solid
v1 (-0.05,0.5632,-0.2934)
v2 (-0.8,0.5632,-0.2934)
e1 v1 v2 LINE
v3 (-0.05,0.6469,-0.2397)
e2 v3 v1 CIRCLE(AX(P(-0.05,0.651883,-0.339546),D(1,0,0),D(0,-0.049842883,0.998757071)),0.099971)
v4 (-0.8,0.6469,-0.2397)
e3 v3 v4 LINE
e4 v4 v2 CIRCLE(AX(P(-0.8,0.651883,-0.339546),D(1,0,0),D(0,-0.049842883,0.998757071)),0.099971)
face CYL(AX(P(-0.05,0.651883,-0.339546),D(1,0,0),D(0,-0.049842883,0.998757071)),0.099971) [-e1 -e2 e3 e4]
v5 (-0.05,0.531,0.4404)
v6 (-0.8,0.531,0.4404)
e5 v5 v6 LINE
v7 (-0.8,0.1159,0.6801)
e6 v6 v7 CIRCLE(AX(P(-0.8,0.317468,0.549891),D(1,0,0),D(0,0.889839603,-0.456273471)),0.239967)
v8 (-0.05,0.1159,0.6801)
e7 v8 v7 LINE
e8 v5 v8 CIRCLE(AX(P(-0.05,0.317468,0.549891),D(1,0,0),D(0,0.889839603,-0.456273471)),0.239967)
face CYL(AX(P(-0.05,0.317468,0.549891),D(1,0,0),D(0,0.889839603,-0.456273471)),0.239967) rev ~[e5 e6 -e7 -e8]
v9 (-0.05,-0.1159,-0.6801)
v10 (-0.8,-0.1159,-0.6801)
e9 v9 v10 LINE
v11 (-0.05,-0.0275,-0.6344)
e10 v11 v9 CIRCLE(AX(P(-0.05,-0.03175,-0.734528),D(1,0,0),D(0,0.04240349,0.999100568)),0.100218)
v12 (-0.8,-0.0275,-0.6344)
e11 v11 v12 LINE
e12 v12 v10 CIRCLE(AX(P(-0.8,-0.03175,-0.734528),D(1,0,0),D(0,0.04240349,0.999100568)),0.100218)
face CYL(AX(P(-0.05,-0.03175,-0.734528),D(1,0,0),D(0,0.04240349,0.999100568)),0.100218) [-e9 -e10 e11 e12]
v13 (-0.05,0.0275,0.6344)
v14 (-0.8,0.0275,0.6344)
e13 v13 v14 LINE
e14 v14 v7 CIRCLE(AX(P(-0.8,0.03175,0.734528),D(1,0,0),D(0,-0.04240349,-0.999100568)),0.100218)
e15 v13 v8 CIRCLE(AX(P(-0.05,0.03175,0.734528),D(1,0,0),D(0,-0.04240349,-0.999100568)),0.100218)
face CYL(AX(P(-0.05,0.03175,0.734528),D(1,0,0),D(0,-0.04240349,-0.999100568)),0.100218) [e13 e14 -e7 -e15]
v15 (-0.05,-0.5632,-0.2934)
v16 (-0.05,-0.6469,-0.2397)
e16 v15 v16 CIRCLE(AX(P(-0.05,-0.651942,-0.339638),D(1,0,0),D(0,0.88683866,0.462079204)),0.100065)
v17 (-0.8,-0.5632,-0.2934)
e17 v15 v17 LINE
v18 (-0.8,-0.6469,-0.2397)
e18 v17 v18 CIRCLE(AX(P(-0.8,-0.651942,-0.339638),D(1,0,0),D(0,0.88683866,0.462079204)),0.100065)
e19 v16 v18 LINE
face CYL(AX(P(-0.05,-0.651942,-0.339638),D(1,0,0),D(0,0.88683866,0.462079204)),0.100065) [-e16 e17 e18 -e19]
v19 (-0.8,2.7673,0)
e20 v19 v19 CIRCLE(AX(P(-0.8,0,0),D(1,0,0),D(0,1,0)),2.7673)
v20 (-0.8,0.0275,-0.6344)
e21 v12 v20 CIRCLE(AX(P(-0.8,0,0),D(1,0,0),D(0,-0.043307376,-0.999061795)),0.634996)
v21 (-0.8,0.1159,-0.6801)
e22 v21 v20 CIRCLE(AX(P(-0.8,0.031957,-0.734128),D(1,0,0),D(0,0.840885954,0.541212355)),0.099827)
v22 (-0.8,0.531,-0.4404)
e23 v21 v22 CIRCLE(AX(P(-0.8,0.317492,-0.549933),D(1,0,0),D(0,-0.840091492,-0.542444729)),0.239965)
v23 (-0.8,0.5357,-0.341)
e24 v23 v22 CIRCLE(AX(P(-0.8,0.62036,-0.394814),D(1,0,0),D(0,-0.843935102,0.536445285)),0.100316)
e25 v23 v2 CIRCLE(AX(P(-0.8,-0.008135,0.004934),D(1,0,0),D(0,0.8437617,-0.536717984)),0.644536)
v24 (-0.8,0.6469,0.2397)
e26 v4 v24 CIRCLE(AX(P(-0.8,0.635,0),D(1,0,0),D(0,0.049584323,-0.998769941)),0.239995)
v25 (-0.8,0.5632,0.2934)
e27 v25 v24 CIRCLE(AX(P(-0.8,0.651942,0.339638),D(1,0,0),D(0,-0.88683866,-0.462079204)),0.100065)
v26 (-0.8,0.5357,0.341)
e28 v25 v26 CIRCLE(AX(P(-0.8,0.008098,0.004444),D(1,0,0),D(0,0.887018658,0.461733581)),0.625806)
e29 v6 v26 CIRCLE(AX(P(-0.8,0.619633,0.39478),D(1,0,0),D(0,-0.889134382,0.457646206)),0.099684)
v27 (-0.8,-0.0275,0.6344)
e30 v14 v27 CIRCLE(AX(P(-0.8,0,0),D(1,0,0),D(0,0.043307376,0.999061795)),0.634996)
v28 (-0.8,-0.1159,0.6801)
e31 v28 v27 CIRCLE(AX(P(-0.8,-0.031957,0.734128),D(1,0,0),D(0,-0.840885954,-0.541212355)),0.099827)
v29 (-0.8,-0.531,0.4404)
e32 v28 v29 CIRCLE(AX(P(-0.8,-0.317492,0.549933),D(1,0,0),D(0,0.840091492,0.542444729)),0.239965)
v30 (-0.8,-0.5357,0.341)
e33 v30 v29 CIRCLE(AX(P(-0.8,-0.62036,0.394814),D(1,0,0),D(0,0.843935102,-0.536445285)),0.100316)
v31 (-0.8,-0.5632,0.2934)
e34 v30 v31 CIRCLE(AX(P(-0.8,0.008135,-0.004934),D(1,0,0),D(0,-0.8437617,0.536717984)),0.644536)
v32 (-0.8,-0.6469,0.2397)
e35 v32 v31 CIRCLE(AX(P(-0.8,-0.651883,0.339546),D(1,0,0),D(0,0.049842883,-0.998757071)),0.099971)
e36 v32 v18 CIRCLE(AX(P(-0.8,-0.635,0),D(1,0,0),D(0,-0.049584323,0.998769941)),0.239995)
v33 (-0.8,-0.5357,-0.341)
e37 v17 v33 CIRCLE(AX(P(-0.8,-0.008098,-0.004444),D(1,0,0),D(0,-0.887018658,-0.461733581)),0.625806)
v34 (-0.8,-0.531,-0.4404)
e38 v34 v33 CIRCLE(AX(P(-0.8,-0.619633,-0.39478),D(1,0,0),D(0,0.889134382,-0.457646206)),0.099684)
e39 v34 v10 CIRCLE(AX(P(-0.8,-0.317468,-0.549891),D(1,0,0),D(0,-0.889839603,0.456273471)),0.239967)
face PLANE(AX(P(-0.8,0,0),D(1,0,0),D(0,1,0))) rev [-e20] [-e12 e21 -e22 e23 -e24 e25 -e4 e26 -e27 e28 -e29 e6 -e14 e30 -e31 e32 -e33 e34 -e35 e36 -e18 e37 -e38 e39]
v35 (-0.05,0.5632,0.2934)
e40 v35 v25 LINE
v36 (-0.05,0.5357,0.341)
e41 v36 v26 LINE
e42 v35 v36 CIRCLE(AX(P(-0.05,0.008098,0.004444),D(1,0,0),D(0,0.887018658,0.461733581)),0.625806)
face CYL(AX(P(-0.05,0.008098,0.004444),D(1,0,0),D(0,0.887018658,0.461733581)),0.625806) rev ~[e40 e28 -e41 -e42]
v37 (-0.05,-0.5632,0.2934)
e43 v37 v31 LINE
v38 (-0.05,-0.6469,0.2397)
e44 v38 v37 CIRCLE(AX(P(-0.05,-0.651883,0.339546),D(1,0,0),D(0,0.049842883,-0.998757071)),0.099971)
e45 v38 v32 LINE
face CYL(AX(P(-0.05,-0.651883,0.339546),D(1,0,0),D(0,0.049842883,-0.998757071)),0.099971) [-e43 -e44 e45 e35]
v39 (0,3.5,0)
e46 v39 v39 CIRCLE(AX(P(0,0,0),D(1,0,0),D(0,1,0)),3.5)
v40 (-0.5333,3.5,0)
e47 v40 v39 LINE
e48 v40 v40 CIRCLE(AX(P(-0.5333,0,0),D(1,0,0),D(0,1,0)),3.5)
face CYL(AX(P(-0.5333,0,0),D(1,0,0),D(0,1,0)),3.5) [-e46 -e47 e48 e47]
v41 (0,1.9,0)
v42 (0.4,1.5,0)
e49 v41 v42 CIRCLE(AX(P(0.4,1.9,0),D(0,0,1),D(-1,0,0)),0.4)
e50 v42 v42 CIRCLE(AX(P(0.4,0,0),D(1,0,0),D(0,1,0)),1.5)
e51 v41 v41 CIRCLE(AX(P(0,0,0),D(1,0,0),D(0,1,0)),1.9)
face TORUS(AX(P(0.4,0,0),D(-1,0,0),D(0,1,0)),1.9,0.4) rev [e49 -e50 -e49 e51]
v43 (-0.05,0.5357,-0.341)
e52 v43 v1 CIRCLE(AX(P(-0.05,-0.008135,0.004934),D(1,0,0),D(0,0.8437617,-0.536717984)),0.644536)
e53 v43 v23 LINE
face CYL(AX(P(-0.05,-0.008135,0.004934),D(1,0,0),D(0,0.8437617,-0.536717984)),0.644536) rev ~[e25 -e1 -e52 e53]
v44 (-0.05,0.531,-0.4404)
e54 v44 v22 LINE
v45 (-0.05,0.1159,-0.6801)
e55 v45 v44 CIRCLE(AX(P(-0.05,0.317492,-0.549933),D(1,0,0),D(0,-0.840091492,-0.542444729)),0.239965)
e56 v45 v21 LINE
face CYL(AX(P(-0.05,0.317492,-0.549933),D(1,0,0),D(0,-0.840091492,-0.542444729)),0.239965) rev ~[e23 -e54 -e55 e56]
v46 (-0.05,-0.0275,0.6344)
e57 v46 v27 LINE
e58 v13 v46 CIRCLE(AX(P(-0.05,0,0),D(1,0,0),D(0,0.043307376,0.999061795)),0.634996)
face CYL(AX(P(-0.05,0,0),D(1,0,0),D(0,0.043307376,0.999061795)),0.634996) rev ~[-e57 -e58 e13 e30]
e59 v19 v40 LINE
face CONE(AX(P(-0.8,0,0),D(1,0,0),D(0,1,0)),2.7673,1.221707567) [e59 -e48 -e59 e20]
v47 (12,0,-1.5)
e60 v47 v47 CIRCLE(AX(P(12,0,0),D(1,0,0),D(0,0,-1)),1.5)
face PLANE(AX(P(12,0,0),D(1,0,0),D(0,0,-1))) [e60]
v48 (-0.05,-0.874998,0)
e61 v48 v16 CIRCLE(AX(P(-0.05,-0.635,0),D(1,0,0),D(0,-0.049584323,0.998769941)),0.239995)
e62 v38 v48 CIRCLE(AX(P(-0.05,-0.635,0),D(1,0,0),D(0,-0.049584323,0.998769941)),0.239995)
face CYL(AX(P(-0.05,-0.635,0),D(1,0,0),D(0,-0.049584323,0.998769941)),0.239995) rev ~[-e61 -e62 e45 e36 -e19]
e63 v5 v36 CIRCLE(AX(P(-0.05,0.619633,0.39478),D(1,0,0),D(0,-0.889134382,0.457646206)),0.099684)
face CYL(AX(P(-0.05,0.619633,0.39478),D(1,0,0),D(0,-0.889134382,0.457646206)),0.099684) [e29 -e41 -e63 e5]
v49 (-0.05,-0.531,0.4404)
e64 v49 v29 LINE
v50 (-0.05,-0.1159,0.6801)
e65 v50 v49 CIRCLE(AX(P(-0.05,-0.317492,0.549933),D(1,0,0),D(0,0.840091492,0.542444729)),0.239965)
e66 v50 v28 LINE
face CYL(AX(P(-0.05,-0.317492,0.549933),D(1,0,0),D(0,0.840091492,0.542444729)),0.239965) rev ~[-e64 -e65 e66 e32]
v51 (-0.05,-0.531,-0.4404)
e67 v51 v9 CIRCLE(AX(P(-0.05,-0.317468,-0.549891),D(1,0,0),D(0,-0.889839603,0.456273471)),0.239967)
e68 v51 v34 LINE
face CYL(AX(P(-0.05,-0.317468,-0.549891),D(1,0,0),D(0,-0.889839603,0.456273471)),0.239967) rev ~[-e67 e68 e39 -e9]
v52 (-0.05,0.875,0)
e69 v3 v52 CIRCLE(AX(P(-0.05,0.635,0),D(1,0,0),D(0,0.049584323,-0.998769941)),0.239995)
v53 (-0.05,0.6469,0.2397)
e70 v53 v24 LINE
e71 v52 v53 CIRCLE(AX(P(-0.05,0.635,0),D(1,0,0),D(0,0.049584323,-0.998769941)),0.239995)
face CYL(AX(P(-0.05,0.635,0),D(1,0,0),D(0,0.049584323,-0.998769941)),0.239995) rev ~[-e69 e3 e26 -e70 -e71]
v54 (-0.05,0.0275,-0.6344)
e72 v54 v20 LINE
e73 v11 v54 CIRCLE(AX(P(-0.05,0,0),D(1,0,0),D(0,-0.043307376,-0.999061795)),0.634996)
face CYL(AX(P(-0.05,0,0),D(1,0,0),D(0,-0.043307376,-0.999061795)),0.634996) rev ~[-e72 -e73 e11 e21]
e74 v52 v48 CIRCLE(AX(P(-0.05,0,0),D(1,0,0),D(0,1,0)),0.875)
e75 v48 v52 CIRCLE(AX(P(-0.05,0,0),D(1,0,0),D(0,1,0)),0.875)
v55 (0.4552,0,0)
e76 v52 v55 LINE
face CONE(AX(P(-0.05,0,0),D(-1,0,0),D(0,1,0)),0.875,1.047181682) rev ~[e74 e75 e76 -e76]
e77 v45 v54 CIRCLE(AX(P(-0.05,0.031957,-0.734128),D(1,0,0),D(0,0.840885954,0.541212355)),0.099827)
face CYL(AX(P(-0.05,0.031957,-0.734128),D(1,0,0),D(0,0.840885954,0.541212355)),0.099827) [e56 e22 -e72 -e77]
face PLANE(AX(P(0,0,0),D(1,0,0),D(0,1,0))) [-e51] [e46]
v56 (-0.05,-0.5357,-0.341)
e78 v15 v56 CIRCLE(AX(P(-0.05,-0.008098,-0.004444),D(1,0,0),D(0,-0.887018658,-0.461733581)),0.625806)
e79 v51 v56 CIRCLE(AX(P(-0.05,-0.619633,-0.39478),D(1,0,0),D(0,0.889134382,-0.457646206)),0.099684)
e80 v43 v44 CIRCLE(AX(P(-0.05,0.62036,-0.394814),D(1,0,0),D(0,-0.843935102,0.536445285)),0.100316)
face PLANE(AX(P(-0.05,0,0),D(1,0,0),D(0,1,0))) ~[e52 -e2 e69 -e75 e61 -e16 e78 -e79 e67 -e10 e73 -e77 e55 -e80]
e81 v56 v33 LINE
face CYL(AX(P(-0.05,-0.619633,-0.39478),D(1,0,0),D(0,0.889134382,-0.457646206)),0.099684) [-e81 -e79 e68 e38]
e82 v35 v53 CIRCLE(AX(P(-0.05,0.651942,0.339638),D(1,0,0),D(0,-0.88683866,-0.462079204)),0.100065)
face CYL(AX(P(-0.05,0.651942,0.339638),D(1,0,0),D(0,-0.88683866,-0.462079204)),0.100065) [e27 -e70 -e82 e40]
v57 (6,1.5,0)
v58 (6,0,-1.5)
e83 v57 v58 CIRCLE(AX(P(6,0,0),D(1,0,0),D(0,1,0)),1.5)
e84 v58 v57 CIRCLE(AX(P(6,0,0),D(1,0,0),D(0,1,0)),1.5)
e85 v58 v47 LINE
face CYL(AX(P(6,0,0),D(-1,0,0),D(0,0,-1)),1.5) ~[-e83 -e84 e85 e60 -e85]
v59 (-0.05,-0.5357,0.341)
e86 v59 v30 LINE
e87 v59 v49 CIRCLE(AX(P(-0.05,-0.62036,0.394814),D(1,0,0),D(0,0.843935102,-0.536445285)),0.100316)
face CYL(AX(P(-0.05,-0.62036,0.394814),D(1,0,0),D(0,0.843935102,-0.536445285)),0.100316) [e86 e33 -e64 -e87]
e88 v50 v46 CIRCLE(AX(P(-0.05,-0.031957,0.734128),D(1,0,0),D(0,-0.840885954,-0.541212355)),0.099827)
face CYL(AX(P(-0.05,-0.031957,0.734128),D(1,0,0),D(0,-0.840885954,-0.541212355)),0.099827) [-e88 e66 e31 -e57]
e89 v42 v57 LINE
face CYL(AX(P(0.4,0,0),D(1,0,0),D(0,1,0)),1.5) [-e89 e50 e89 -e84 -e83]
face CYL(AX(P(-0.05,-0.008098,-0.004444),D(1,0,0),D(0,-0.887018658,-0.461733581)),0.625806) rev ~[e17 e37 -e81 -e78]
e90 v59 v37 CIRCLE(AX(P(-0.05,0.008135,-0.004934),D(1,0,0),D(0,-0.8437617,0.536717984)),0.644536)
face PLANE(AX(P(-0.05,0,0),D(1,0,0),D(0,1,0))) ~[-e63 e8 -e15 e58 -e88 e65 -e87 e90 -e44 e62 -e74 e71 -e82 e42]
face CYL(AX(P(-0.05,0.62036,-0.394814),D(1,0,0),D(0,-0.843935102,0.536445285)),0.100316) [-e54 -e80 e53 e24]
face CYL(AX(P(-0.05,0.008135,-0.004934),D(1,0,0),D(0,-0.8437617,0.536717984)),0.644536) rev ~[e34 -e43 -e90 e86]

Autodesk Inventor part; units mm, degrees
ref_plane "YZ Plane" through (0, 0, 0) normal (1, 0, 0) x (0, 1, 0)
ref_plane "XZ Plane" through (0, 0, 0) normal (0, 1, 0) x (-1, 0, 0)
ref_plane "XY Plane" through (0, 0, 0) normal (0, 0, 1) x (1, 0, 0)
sketch "Sketch_1" plane through (0, 0, 0) normal (0, 0, 1) x (1, 0, 0)
  line L0 (6, 0) -> (0, 0)
  line L1 (-0.8, 0) -> (-0.8, 2.7673)
  line L2 (-0.8, 2.7673) -> (-0.5333, 3.5)
  line L3 (-0.5333, 3.5) -> (0, 3.5)
  line L4 (0, 3.5) -> (0, 1.9)
  arc A0 (0, 1.9) -> (0.4, 1.5) centre (0.4, 1.9) ccw
  line L5 (0.4, 1.5) -> (6, 1.5)
  line L6 (6, 1.5) -> (6, 0)
  line L7 (6, 0) -> (-0.8, 0)
  line L8 (0, 0) -> (-0.8, 0)
  dimension "d6" = 6
revolve "Revolution1" add sketch "Sketch_1" angle 360 about axis through (6, 0, 0) along (1, 0, 0)
sketch "Sketch_5" plane through (-0.05, 0, 0) normal (1, 0, 0) x (0, 0, -1)
  arc A0 (-0.6801, -0.1159) -> (-0.4404, -0.531) centre (-0.5499, -0.3175) ccw
  arc A1 (-0.341, -0.5357) -> (-0.4404, -0.531) centre (-0.3947, -0.62) ccw
  arc A2 (-0.341, -0.5357) -> (-0.2934, -0.5632) centre (0, 0) ccw
  arc A3 (-0.2397, -0.6469) -> (-0.2934, -0.5632) centre (-0.3396, -0.6519) ccw
  arc A4 (-0.2397, -0.6469) -> (0.2397, -0.6469) centre (0, -0.635) ccw
  arc A5 (0.2934, -0.5632) -> (0.2397, -0.6469) centre (0.3396, -0.6519) ccw
  arc A6 (0.2934, -0.5632) -> (0.341, -0.5357) centre (0, 0) ccw
  arc A7 (0.4404, -0.531) -> (0.341, -0.5357) centre (0.3947, -0.62) ccw
  arc A8 (0.4404, -0.531) -> (0.6801, -0.1159) centre (0.5499, -0.3175) ccw
  arc A9 (0.6344, -0.0275) -> (0.6801, -0.1159) centre (0.7343, -0.0318) ccw
  arc A10 (0.6344, -0.0275) -> (0.6344, 0.0275) centre (0, 0) ccw
  arc A11 (0.6801, 0.1159) -> (0.6344, 0.0275) centre (0.7343, 0.0318) ccw
  arc A12 (0.6801, 0.1159) -> (0.4404, 0.531) centre (0.5499, 0.3175) ccw
  arc A13 (0.341, 0.5357) -> (0.4404, 0.531) centre (0.3947, 0.62) ccw
  arc A14 (0.341, 0.5357) -> (0.2934, 0.5632) centre (0, 0) ccw
  arc A15 (0.2397, 0.6469) -> (0.2934, 0.5632) centre (0.3396, 0.6519) ccw
  arc A16 (0.2397, 0.6469) -> (-0.2397, 0.6469) centre (0, 0.635) ccw
  arc A17 (-0.2934, 0.5632) -> (-0.2397, 0.6469) centre (-0.3396, 0.6519) ccw
  arc A18 (-0.2934, 0.5632) -> (-0.341, 0.5357) centre (0, 0) ccw
  arc A19 (-0.4404, 0.531) -> (-0.341, 0.5357) centre (-0.3947, 0.62) ccw
  arc A20 (-0.4404, 0.531) -> (-0.6801, 0.1159) centre (-0.5499, 0.3175) ccw
  arc A21 (-0.6344, 0.0275) -> (-0.6801, 0.1159) centre (-0.7343, 0.0318) ccw
  arc A22 (-0.6344, 0.0275) -> (-0.6344, -0.0275) centre (0, 0) ccw
  arc A23 (-0.6801, -0.1159) -> (-0.6344, -0.0275) centre (-0.7343, -0.0318) ccw
extrude "Extrusion1" cut sketch "Sketch_5" against normal blind 0.75
sketch "Sketch_2" plane through (0, 0, 0) normal (0, 0, 1) x (1, 0, 0)
  line L0 (0.4552, 0) -> (0, 0)
  line L1 (-0.05, 0) -> (-0.05, 0.875)
  line L2 (-0.05, 0.875) -> (0.4552, 0)
  line L3 (0.4552, 0) -> (-0.05, 0)
revolve "Revolution2" cut sketch "Sketch_2" angle 360 about axis through (0.4552, 0, 0) along (1, 0, 0)
sketch "スケッチ4" plane through (6, 0, 0) normal (1, 0, 0) x (0, 0, -1)
  circle A0 centre (0, 0) radius 1.5 projected
extrude "押し出し2" add sketch "スケッチ4" along normal blind 6
thread "Thread1" size "M3x0.5" class "6g" standard "ANSI Metric M Profile" length 11.5 offset 0.1
properties part number "超極低頭ネジL12" material "ステンレス鋼"
